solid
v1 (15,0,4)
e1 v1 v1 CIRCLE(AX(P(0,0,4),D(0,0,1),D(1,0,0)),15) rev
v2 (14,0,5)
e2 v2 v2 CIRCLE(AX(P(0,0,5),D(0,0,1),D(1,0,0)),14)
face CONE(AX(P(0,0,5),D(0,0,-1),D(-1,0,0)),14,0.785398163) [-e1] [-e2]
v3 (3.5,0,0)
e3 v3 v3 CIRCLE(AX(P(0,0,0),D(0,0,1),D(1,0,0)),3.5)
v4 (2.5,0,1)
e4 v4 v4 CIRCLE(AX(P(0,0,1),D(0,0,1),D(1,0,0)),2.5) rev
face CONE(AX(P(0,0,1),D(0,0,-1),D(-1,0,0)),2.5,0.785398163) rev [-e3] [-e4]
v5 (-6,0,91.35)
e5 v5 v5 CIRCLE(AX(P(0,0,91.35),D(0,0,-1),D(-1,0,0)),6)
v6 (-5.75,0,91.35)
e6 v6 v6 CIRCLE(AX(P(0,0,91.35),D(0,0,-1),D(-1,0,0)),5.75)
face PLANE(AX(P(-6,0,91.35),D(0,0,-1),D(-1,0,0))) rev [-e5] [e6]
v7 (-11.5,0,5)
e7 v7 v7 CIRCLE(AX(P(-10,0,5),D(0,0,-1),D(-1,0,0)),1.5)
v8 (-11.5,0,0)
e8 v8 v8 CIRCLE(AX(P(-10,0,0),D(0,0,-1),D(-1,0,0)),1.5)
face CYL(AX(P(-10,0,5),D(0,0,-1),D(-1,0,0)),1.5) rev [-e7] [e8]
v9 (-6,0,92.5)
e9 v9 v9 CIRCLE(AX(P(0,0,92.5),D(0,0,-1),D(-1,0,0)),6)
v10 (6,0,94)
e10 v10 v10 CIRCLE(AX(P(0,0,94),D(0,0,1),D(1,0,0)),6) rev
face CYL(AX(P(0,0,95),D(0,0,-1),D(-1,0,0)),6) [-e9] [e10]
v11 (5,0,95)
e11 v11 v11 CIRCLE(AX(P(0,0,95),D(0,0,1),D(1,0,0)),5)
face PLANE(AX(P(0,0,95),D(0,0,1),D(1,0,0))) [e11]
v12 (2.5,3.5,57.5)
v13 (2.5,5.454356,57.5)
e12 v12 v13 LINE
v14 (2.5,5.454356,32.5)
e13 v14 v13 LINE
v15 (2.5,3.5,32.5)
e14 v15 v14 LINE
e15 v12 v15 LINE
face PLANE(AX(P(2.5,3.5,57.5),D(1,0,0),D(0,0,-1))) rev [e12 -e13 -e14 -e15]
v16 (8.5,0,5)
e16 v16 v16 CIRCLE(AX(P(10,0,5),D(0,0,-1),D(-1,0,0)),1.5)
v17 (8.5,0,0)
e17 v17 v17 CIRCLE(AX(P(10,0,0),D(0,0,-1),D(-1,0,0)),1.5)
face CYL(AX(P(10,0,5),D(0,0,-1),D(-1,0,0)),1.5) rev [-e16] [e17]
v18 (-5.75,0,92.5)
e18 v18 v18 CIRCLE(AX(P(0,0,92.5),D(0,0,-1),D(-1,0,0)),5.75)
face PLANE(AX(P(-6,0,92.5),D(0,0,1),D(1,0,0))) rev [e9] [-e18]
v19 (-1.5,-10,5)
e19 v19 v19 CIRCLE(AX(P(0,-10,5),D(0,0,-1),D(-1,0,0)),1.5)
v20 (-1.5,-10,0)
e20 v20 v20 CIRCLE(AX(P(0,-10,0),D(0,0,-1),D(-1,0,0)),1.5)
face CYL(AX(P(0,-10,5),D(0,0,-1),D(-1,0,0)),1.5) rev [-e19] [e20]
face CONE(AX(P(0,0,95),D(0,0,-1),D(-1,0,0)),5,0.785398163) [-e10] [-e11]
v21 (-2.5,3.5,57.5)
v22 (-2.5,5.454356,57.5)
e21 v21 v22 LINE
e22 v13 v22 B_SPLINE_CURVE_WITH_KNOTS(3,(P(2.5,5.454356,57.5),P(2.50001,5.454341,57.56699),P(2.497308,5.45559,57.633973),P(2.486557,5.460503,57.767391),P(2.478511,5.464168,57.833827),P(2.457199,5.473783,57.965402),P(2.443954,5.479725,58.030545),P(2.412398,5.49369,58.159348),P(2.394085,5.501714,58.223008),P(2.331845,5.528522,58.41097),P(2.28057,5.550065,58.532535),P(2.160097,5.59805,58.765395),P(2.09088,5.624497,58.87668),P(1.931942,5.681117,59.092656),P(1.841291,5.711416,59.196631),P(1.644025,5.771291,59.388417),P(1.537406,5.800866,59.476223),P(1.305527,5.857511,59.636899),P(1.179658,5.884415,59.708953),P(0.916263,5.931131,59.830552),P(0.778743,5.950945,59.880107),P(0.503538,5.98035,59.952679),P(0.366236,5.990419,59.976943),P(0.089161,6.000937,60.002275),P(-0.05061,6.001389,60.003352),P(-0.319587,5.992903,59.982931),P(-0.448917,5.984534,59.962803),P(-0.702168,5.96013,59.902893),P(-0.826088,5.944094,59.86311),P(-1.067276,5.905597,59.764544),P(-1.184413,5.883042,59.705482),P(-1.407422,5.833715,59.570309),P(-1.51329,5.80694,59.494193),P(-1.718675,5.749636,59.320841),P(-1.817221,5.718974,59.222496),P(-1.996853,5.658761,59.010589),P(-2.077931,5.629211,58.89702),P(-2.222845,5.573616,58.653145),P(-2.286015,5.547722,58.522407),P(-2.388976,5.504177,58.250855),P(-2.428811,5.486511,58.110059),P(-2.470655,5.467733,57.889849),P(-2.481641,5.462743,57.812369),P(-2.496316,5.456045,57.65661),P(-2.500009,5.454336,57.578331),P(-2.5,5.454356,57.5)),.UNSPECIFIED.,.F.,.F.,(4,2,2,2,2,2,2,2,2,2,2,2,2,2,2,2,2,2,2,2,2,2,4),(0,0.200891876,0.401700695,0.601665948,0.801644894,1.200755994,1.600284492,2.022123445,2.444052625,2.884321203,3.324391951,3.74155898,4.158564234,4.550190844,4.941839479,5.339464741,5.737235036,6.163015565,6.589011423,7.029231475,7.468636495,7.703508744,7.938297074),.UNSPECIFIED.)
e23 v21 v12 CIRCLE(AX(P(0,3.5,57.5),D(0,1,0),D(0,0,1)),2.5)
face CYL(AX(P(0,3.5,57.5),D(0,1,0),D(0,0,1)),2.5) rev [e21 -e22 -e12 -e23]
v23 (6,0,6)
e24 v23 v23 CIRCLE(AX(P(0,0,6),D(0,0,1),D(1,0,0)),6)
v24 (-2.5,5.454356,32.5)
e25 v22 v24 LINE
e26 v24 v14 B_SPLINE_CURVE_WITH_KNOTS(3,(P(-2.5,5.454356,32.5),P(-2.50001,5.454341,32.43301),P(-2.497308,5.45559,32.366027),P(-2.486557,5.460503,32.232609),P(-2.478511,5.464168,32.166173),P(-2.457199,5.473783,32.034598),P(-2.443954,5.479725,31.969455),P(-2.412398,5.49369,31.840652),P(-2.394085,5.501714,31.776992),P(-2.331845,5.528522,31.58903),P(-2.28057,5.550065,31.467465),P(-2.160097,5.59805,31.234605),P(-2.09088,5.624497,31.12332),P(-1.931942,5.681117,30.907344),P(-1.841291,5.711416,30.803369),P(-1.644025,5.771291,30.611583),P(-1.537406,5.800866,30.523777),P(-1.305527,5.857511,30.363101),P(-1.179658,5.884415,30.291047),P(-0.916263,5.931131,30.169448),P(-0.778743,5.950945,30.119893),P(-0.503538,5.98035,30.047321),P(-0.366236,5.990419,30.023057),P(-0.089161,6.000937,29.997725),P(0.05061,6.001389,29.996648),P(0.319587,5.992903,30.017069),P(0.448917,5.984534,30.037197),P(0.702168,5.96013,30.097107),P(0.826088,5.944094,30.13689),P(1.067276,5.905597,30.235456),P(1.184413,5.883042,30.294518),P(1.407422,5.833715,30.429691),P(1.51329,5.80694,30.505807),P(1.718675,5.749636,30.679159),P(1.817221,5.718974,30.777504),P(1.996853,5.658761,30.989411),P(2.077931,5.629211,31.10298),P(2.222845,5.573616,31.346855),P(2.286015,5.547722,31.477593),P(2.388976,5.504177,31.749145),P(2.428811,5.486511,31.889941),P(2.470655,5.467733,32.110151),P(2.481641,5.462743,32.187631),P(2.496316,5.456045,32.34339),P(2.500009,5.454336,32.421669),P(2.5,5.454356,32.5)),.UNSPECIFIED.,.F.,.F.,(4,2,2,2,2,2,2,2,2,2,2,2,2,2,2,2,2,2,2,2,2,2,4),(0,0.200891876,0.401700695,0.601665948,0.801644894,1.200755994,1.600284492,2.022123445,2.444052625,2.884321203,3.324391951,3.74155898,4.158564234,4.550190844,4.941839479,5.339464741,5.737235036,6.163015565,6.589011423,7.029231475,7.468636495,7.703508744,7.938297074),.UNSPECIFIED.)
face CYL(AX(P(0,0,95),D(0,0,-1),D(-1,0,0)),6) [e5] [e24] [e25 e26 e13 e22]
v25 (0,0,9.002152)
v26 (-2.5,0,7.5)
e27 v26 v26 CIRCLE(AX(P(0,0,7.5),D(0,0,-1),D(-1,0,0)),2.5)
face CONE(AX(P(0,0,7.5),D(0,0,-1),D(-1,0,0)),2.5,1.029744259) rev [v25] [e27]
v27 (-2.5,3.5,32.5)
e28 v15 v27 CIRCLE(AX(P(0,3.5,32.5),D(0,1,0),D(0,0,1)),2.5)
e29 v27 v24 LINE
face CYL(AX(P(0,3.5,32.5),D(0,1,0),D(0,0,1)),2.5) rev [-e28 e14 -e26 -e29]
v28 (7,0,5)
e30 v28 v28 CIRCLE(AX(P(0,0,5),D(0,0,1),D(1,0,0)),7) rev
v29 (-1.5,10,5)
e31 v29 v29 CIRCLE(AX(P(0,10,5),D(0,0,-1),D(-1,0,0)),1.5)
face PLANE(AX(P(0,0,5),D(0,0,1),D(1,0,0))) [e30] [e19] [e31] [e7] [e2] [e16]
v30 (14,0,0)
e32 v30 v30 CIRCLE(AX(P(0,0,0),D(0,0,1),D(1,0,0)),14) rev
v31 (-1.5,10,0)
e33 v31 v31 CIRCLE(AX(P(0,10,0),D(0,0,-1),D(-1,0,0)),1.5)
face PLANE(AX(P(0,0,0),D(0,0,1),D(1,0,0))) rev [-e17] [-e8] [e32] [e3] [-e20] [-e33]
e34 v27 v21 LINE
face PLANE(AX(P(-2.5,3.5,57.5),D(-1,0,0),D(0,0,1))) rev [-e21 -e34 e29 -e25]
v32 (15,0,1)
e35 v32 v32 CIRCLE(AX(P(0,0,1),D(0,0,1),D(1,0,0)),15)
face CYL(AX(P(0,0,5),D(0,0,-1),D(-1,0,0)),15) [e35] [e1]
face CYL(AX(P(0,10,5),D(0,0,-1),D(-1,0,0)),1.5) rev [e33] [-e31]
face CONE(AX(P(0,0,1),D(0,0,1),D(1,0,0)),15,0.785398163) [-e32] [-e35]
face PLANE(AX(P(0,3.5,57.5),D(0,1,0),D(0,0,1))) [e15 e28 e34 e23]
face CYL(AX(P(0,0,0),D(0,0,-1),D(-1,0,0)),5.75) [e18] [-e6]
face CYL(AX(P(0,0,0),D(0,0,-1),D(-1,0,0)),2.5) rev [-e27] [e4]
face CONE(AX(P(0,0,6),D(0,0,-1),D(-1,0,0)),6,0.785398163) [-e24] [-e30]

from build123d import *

# Parameters (mm, degrees)
SKETCH1_R                 = 15
BOSS_EXTRUDE1_DEPTH       = 5
SKETCH4_R                 = 1.5
CUT_EXTRUDE2_DEPTH        = 1
CUT_EXTRUDE2_DEPTH_BACK   = 6
SKETCH6_R                 = 6
BOSS_EXTRUDE2_DEPTH       = 90
CHAMFER1_SIZE             = 1
CUT_EXTRUDE3_DEPTH        = 2.5
SKETCH8_W                 = 0.25
SKETCH8_H                 = 1.15
F_5_0MM_DOWEL_HOLE1_D     = 5
F_5_0MM_DOWEL_HOLE1_DEPTH = 7.5
F_5_0MM_DOWEL_HOLE1_TIP   = 1.502151548
CHAMFER2_SIZE             = 1


with BuildPart() as part:
    # Sketch1 → Boss-Extrude1 (new body)
    with BuildSketch(Plane.XY):
        Circle(SKETCH1_R)
    extrude(amount=BOSS_EXTRUDE1_DEPTH)

    # Sketch4 → Cut-Extrude2 (cut, two sides)
    with BuildSketch(Plane(origin=(0, 0, 0), x_dir=(-1, 0, 0), z_dir=(0, 0, -1))) as cut_extrude2_sk:
        with Locations((10, 0)):
            Circle(SKETCH4_R)
        with Locations((0, -10)):
            Circle(SKETCH4_R)
        with Locations((-10, 0)):
            Circle(SKETCH4_R)
        with Locations((0, 10)):
            Circle(SKETCH4_R)
    extrude(amount=CUT_EXTRUDE2_DEPTH, mode=Mode.SUBTRACT)
    extrude(cut_extrude2_sk.sketch, amount=-CUT_EXTRUDE2_DEPTH_BACK, mode=Mode.SUBTRACT)

    # Sketch6 → Boss-Extrude2 (add)
    with BuildSketch(Plane.XY.offset(5)):
        Circle(SKETCH6_R)
    extrude(amount=BOSS_EXTRUDE2_DEPTH)

    # Chamfer1
    chamfer1_edges = [part.edges().sort_by_distance(p)[0] for p in [
        (-15, 0, 0),
        (-6, 0, 5),
        (-6, 0, 95),
        (-15, 0, 5),
    ]]
    chamfer(chamfer1_edges, length=CHAMFER1_SIZE)

    # Sketch7 → Cut-Extrude3 (cut)
    with BuildSketch(Plane(origin=(0, 6, 0), x_dir=(1, 0, 0), z_dir=(0, 1, 0))):
        with BuildLine():
            Line((-2.5, -57.5), (-2.5, -32.5))
            ThreePointArc((-2.5, -32.5), (0, -30), (2.5, -32.5))
            Line((2.5, -32.5), (2.5, -57.5))
            ThreePointArc((2.5, -57.5), (0, -60), (-2.5, -57.5))
        make_face()
    extrude(amount=-CUT_EXTRUDE3_DEPTH, mode=Mode.SUBTRACT)

    # Sketch8 → Cut-Revolve1 (revolve, cut)
    with BuildSketch(Plane(origin=(0, 0, 0), x_dir=(1, 0, 0), z_dir=(0, 1, 0))):
        with Locations((-5.875, -91.925)):
            Rectangle(SKETCH8_W, SKETCH8_H)
    revolve(axis=Axis((0, 0, 0), (0, 0, 1)), mode=Mode.SUBTRACT)

    # Ø5.0mm Dowel Hole1
    with Locations(Plane(origin=(0, 0, 0), x_dir=(-1, 0, 0), z_dir=(0, 0, -1))):
        with Locations((0, 0)):
            Hole(F_5_0MM_DOWEL_HOLE1_D / 2, depth=F_5_0MM_DOWEL_HOLE1_DEPTH)
            with Locations((0, 0, -(F_5_0MM_DOWEL_HOLE1_DEPTH + F_5_0MM_DOWEL_HOLE1_TIP / 2))):  # 118° drill point
                Cone(0, F_5_0MM_DOWEL_HOLE1_D / 2, F_5_0MM_DOWEL_HOLE1_TIP, mode=Mode.SUBTRACT)

    # Chamfer2
    chamfer2_edges = [part.edges().sort_by_distance(p)[0] for p in [
        (-2.5, 0, 0),
    ]]
    chamfer(chamfer2_edges, length=CHAMFER2_SIZE)


solid = part.part
